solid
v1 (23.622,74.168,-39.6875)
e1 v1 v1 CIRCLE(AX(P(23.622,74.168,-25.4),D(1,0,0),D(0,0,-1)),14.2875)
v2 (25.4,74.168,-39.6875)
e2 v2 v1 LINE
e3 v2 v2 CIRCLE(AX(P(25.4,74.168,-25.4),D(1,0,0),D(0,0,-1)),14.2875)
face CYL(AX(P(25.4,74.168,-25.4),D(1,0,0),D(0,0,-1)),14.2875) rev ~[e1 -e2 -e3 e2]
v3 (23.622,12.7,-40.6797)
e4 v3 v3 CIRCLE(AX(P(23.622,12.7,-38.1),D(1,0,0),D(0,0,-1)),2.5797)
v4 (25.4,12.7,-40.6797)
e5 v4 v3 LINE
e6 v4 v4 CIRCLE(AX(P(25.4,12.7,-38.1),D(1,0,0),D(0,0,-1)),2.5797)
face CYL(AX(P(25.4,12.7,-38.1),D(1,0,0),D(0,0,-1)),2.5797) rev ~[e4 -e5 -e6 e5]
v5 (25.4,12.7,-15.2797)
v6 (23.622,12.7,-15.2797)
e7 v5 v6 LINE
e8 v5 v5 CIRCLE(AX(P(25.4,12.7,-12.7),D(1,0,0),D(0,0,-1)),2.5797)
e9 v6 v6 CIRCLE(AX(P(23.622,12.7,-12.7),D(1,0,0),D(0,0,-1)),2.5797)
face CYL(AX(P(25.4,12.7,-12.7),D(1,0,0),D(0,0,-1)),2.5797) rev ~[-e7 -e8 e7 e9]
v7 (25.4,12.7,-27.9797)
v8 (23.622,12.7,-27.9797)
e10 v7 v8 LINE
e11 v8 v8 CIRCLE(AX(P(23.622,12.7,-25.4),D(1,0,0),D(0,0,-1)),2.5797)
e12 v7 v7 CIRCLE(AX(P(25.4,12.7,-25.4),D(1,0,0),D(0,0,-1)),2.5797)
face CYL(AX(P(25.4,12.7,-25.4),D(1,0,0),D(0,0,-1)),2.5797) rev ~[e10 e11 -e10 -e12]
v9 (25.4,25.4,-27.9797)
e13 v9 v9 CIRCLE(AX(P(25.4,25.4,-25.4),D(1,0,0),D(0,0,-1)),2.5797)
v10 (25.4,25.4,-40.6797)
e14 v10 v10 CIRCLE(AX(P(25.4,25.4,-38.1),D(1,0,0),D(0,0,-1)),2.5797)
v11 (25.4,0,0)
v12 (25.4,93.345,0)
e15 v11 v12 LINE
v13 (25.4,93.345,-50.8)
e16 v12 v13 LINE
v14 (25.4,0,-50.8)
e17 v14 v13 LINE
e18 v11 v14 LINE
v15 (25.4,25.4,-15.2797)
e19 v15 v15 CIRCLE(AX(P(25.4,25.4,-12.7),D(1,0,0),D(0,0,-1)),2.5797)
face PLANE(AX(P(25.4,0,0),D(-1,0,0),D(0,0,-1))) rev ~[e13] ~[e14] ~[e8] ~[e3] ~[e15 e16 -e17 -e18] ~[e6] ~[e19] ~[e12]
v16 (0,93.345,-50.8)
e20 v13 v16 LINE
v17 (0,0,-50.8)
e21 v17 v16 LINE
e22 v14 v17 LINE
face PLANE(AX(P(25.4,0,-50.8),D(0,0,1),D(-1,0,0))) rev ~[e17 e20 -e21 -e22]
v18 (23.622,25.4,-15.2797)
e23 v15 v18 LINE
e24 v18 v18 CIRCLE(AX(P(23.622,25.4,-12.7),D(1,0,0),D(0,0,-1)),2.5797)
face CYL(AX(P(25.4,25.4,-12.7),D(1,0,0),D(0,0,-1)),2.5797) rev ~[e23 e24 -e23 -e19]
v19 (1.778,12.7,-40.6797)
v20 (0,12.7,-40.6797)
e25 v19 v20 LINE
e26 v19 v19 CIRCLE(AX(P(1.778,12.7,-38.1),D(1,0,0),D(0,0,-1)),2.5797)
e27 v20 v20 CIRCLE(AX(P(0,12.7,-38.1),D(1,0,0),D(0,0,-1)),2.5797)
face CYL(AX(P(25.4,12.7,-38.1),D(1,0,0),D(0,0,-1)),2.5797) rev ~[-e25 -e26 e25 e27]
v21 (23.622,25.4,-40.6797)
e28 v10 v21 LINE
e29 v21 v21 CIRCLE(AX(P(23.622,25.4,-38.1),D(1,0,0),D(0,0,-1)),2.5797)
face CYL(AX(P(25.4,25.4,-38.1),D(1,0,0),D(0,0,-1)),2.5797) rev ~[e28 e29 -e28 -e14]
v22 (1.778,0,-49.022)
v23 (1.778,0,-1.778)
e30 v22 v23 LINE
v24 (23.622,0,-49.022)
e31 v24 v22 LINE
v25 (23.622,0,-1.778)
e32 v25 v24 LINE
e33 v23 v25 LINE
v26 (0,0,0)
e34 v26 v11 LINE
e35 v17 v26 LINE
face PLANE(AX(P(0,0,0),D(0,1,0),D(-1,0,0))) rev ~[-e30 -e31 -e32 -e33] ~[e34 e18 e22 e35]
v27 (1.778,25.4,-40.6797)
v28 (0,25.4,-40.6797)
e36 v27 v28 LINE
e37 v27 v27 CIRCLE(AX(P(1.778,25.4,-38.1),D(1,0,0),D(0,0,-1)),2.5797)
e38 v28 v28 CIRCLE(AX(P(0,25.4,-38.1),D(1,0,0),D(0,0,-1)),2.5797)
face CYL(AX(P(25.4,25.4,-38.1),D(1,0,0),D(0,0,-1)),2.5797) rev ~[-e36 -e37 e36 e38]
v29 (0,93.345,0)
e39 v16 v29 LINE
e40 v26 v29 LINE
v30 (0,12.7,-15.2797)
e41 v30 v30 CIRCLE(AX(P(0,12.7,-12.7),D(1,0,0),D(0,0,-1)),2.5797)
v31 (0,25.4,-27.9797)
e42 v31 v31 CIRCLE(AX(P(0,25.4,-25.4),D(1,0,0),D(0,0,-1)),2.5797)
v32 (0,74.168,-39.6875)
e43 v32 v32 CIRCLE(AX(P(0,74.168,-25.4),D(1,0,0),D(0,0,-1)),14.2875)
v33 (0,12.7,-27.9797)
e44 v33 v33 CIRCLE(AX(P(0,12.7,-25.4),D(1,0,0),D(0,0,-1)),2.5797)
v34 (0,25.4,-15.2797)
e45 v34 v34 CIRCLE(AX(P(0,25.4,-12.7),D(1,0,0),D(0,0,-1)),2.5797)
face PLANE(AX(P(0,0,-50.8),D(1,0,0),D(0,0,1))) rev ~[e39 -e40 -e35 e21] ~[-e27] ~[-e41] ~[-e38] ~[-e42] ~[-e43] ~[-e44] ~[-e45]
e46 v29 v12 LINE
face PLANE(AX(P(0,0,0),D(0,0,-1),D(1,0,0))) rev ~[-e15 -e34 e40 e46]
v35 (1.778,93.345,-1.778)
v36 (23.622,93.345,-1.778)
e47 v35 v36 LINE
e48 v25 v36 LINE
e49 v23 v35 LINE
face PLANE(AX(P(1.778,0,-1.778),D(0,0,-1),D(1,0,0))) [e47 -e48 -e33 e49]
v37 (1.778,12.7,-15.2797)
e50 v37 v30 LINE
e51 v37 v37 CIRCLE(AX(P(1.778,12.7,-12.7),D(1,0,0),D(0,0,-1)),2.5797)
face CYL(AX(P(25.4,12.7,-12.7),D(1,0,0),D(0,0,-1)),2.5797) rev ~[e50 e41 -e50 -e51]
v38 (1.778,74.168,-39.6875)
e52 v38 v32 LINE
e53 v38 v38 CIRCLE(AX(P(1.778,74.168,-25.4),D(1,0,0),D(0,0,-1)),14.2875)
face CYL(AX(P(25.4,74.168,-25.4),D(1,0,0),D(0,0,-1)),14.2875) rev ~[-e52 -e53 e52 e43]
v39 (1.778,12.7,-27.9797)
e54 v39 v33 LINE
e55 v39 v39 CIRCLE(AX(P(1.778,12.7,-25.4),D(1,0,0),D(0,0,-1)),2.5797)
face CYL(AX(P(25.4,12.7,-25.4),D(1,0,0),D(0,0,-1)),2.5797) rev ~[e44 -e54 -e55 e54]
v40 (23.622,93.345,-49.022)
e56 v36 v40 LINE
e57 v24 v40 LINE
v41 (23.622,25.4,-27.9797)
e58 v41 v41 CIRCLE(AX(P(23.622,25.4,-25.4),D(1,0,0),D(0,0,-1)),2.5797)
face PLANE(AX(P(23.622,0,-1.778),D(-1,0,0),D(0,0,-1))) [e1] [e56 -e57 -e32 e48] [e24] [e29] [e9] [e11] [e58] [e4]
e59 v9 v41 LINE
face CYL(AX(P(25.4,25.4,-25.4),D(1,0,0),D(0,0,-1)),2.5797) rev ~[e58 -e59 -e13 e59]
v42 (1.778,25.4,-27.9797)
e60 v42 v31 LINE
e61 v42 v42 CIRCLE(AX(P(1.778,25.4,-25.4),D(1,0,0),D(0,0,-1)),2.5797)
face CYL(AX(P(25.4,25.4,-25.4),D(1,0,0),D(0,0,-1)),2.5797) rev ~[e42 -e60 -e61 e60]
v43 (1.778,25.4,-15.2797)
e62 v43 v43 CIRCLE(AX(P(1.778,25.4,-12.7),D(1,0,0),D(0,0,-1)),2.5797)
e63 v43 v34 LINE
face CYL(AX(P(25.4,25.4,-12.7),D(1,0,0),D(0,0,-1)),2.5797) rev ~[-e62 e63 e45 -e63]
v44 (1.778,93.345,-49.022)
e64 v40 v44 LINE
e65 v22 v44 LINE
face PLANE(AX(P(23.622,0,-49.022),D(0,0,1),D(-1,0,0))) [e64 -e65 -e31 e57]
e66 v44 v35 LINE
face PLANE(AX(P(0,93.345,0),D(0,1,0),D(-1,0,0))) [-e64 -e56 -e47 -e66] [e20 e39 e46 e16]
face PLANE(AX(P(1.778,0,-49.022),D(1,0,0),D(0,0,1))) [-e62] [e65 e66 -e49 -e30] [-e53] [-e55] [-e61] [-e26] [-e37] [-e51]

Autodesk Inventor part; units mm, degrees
ref_plane "YZ Plane" through (0, 0, 0) normal (1, 0, 0) x (0, 1, 0)
ref_plane "XZ Plane" through (0, 0, 0) normal (0, 1, 0) x (-1, 0, 0)
ref_plane "XY Plane" through (0, 0, 0) normal (0, 0, 1) x (1, 0, 0)
sketch "Sketch2" plane through (0, 0, 0) normal (0, 1, 0) x (-1, 0, 0)
  line L0 (0, 0) -> (-25.4, 0)
  line L1 (-25.4, 0) -> (-25.4, -50.8)
  line L2 (-25.4, -50.8) -> (0, -50.8)
  line L3 (0, -50.8) -> (0, 0)
  line L4 (-1.778, -1.778) -> (-23.622, -1.778)
  line L5 (-23.622, -1.778) -> (-23.622, -49.022)
  line L6 (-23.622, -49.022) -> (-1.778, -49.022)
  line L7 (-1.778, -49.022) -> (-1.778, -1.778)
  dimension "d0" = 25.4
  dimension "d1" = 50.8
  dimension "d2" = 1.778
extrude "Extrusion1" add sketch "Sketch2" along normal blind 93.345
sketch "Sketch3" plane through (25.4, 0, 0) normal (1, 0, 0) x (0, 0, -1)
  line L0 (1.778, 0) -> (49.022, 0) construction
  line L1 (25.4, 0) -> (25.4, 48.768) construction
  line L2 (25.4, 48.768) -> (25.4, 74.168) construction
  circle A0 centre (25.4, 74.168) radius 14.2875
  point P0 (0, 0)
  dimension "d5" = 48.768
  dimension "d6" = 25.4
  dimension "d7" = 28.575
extrude "Extrusion2" cut sketch "Sketch3" against normal blind 42.545
sketch "Sketch4" plane through (25.4, 0, 0) normal (1, 0, 0) x (0, 0, -1)
  line L0 (0, 0) -> (12.7, 0) construction
  line L1 (50.8, 0) -> (0, 0) construction
  line L2 (12.7, 0) -> (25.4, 0) construction
  line L3 (25.4, 0) -> (38.1, 0) construction
  line L4 (12.7, 0) -> (12.7, 12.7) construction
  line L5 (12.7, 12.7) -> (12.7, 25.4) construction
  circle A0 centre (12.7, 25.4) radius 2.5797
  circle A1 centre (12.7, 12.7) radius 2.5797
  line L6 (12.7, 25.4) -> (25.4, 25.4) construction
  line L7 (25.4, 25.4) -> (38.1, 25.4) construction
  line L8 (25.4, 12.7) -> (25.4, 25.4) construction
  circle A2 centre (25.4, 25.4) radius 2.5797
  circle A3 centre (25.4, 12.7) radius 2.5797
  line L9 (38.1, 12.7) -> (38.1, 25.4) construction
  circle A4 centre (38.1, 25.4) radius 2.5797
  circle A5 centre (38.1, 12.7) radius 2.5797
  dimension "d10" = 12.7
  dimension "d11" = 12.7
  dimension "d12" = 12.7
  dimension "d13" = 12.7
  dimension "d14" = 12.7
  dimension "d15" = 5.1594
  dimension "d16" = 5.1594
  dimension "d17" = 12.7
  dimension "d27" = 12.7
  dimension "d28" = 12.7
  dimension "d29" = 5.1594
  dimension "d30" = 5.1594
  dimension "d31" = 12.7
  dimension "d32" = 5.1594
  dimension "d33" = 5.1594
extrude "Extrusion3" cut sketch "Sketch4" against normal blind 25.4
properties part number "anchor point"
